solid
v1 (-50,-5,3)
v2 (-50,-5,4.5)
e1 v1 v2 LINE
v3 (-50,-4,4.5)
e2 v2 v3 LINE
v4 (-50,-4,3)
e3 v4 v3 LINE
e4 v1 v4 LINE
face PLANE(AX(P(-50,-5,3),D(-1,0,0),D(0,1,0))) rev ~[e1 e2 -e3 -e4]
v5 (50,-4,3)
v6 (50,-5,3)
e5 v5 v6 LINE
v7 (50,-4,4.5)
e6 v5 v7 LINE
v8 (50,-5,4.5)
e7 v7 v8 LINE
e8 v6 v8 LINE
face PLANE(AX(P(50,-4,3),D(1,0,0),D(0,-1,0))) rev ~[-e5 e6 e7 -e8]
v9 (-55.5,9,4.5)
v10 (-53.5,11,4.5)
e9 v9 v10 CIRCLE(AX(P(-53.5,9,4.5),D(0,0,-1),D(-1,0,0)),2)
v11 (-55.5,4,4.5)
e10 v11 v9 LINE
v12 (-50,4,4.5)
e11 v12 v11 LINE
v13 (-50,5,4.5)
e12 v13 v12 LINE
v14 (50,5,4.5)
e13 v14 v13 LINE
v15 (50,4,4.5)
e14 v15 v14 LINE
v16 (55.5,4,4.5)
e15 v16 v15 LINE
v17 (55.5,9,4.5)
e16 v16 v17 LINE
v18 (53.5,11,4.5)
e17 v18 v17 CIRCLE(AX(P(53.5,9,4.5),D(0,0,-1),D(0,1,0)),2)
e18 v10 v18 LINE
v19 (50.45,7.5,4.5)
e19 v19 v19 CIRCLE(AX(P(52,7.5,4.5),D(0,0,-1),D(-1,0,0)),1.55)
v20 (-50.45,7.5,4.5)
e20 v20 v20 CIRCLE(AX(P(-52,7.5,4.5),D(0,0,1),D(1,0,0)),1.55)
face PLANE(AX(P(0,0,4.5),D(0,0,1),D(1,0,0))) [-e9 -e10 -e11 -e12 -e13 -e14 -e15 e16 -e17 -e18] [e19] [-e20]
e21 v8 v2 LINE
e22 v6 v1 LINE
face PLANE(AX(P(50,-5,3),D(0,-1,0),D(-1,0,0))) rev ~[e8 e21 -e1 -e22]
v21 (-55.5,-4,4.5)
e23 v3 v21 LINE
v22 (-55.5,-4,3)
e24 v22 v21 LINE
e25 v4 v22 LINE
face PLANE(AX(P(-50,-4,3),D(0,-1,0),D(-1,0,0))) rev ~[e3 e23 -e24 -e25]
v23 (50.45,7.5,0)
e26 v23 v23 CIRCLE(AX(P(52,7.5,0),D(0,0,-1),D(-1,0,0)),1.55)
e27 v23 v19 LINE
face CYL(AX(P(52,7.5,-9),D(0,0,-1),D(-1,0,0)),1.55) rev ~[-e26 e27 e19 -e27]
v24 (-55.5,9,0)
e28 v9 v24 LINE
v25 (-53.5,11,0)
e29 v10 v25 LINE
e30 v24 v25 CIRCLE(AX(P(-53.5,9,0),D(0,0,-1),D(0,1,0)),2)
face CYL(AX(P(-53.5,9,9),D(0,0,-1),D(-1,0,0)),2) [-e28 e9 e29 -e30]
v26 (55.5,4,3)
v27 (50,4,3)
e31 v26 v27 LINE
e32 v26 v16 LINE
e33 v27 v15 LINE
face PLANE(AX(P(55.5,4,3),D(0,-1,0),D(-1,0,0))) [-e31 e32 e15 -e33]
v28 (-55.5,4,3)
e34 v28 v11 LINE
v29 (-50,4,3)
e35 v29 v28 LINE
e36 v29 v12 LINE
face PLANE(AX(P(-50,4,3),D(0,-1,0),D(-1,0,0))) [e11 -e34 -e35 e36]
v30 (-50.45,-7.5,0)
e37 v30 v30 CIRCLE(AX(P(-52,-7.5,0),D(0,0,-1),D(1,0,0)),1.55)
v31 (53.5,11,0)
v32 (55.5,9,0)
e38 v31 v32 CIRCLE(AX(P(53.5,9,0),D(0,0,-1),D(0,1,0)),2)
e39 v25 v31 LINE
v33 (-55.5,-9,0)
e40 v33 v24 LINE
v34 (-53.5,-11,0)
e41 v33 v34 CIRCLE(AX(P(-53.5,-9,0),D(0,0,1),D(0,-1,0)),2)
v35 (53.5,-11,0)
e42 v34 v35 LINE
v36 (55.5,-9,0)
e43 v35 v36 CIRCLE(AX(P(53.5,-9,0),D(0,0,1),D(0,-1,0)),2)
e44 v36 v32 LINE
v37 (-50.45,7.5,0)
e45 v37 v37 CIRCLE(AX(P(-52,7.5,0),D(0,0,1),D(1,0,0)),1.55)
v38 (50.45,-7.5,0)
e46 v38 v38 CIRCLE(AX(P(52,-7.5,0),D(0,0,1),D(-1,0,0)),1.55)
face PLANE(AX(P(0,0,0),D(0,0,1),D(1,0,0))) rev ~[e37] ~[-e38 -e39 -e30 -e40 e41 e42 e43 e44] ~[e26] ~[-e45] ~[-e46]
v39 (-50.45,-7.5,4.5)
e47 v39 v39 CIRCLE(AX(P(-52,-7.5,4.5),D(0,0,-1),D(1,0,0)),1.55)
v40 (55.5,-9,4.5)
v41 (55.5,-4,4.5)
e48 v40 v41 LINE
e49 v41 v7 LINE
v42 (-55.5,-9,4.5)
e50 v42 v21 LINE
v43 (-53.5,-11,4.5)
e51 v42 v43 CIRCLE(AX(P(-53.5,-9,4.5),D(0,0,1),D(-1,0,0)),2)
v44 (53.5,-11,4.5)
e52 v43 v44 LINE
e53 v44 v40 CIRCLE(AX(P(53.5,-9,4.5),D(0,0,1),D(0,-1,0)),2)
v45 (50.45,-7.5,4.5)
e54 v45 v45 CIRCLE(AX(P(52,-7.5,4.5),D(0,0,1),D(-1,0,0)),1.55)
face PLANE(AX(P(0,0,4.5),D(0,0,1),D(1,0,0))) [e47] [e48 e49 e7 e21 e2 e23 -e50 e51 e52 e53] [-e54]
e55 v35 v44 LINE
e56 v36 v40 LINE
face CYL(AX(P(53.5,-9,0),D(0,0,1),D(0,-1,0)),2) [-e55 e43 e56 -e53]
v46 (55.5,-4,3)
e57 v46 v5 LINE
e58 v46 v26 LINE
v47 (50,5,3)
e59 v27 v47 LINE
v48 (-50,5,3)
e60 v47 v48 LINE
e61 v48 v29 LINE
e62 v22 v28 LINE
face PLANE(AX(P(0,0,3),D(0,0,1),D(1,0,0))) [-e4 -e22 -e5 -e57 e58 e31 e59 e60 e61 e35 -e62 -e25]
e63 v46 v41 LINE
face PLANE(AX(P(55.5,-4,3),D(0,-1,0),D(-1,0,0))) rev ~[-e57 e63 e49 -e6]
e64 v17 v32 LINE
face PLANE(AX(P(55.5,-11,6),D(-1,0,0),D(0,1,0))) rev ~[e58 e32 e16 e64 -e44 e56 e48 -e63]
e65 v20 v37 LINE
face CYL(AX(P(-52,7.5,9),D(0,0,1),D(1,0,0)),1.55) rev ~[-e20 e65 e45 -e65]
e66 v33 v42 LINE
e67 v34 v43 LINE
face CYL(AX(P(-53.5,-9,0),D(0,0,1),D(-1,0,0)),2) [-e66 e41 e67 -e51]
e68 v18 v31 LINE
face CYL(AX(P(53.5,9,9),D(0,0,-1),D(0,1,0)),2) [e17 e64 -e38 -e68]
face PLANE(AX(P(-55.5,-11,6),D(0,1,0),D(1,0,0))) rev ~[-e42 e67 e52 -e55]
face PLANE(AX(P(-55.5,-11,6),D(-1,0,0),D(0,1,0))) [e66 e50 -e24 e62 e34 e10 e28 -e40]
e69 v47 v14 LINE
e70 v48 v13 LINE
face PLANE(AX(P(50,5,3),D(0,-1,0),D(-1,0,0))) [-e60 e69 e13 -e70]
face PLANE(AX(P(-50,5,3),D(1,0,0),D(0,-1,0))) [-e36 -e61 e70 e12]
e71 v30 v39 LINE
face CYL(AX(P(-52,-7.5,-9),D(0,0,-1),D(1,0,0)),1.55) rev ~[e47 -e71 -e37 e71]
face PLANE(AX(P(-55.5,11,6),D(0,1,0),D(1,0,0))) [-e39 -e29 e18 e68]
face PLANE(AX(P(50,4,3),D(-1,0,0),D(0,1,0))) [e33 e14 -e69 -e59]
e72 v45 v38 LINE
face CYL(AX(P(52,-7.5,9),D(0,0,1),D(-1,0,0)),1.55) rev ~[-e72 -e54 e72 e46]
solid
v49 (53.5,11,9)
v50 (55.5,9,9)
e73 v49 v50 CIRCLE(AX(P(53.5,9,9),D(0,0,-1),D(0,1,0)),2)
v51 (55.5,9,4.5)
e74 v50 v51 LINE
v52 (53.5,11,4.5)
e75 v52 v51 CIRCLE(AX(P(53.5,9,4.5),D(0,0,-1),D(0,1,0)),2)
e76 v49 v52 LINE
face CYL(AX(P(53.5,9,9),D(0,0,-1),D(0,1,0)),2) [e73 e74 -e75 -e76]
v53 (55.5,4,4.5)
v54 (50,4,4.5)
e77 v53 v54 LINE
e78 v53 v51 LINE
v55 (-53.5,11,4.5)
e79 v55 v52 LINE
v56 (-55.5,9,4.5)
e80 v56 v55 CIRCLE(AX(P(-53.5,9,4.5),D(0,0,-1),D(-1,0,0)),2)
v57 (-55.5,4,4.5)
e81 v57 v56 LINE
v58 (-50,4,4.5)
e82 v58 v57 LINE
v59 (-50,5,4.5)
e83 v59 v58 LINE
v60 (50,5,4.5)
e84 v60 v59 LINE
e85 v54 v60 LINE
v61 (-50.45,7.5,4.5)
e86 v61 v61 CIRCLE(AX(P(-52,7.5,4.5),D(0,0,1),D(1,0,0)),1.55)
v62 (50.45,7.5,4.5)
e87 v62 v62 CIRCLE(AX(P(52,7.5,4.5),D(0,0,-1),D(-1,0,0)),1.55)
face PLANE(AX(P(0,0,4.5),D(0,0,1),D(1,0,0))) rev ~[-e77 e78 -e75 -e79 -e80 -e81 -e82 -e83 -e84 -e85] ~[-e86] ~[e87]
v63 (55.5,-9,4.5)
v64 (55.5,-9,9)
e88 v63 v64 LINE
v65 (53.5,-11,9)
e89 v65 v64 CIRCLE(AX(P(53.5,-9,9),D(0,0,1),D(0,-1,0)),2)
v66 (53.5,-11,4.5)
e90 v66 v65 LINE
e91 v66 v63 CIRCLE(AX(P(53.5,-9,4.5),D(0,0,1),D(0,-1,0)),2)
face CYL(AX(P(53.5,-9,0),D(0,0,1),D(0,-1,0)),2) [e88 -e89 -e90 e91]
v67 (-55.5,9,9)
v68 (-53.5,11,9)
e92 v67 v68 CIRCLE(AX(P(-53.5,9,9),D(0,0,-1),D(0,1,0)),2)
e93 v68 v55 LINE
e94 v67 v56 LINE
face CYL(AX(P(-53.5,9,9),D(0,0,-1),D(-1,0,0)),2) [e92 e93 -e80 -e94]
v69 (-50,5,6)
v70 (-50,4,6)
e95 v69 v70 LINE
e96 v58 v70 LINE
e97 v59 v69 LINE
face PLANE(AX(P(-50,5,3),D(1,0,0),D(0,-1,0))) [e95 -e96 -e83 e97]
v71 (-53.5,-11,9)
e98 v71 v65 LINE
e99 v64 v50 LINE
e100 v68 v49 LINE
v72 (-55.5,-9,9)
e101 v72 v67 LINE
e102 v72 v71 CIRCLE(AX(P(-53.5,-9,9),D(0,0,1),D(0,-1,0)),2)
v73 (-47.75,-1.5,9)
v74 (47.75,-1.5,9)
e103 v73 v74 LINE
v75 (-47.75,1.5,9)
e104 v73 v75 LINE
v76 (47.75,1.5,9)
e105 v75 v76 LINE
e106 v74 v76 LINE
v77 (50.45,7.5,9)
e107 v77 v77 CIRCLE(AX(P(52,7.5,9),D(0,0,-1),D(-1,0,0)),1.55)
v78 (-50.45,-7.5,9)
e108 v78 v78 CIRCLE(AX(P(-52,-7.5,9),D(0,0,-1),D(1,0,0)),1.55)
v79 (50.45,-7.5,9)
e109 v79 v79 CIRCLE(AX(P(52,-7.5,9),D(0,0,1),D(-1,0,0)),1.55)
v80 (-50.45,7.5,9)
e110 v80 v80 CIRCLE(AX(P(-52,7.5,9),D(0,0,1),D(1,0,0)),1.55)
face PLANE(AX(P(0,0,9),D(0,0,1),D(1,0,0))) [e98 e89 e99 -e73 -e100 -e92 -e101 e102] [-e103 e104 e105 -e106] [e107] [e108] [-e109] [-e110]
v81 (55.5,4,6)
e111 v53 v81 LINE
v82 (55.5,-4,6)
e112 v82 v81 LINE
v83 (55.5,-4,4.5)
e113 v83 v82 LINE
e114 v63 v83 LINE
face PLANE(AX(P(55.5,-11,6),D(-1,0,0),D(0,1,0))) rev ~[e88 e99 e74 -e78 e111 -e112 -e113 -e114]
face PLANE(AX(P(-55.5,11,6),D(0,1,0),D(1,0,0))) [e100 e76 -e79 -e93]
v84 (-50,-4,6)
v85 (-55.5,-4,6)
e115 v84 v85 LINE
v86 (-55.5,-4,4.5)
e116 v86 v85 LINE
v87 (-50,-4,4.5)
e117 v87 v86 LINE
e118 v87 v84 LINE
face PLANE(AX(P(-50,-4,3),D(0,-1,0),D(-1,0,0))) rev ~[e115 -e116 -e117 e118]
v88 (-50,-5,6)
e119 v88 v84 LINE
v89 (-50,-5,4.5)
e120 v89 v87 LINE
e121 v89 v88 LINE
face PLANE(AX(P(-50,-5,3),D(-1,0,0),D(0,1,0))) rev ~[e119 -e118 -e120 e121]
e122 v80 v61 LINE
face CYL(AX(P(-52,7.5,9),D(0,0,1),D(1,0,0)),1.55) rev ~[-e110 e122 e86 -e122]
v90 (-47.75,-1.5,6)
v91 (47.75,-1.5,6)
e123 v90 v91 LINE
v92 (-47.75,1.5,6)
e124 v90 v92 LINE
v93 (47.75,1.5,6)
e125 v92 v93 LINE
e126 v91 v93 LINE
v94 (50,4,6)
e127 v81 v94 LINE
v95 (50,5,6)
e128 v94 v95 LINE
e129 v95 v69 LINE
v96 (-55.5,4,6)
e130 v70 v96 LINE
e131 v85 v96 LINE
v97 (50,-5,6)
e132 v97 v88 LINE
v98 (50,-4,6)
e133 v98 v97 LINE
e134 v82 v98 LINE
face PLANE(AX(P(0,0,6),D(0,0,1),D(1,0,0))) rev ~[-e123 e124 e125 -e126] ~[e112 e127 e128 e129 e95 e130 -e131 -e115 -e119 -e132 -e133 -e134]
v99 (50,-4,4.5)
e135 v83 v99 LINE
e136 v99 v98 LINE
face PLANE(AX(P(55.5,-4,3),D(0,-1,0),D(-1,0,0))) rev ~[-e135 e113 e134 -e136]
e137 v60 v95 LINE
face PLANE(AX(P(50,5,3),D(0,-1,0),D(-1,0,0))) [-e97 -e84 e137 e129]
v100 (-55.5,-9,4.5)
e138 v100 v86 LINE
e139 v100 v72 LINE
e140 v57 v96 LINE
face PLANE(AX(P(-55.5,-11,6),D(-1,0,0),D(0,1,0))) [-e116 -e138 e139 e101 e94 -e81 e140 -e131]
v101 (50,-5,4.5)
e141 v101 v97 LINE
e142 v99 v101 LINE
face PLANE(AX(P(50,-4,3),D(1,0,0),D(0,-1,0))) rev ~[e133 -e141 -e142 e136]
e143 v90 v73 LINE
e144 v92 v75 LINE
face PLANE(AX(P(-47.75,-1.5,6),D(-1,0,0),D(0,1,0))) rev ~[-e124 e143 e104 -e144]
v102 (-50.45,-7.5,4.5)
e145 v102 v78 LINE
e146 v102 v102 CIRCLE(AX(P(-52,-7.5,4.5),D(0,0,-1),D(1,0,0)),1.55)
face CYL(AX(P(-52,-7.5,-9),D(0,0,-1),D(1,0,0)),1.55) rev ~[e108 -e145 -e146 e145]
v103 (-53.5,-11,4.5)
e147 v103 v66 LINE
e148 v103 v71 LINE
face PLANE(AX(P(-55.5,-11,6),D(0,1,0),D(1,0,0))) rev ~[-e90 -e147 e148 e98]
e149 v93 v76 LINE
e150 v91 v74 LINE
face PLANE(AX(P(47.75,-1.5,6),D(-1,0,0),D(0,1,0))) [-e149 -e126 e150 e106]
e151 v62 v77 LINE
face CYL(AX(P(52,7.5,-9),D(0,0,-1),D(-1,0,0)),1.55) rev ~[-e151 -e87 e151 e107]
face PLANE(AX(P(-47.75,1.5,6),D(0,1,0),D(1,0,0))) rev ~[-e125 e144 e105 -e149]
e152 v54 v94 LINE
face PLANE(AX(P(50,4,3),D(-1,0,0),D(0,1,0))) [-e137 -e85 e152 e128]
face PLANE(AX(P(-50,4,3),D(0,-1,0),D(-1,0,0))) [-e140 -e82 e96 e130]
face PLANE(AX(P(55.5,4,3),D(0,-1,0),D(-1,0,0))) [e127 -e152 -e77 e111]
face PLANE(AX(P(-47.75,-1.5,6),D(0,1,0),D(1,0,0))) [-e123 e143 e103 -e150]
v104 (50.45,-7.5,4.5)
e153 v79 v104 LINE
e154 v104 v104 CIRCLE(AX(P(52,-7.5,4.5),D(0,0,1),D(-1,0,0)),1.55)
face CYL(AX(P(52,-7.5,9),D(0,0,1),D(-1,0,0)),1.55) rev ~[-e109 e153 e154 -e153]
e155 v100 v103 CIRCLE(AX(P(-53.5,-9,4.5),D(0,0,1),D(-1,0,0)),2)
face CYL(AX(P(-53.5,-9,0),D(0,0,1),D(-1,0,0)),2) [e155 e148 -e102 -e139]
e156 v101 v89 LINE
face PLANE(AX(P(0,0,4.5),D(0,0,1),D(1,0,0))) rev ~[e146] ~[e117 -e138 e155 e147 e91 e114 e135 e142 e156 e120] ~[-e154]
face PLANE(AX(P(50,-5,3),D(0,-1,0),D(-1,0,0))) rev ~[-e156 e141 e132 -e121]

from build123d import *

# Parameters (mm, degrees)
BOX_BOTTOM_HALF_0_W     = 113
BOX_BOTTOM_HALF_0_H     = 24
BOX_BOTTOM_HALF_0_DEPTH = 5.5
SKETCH_W                = 111
SKETCH_H                = 22
PAD_DEPTH               = 3
PAD001_DEPTH            = 3
SKETCH002_W             = 111
SKETCH002_H             = 22
SKETCH002_W_2           = 95.5
SKETCH002_H_2           = 3
PAD002_DEPTH            = 3
SKETCH003_R             = 1.55
POCKET_DEPTH            = 236.034037
POLARPATTERN_COUNT      = 2
POLARPATTERN001_COUNT   = 2
POLARPATTERN002_COUNT   = 2
FILLET_R                = 2


with BuildPart() as box_bottom_half_0_body:
    # box_bottom_half_0 → box_bottom_half_0 (new body)
    with BuildSketch(Plane(origin=(-56.5, -12, -1), x_dir=(1, 0, 0), z_dir=(0, 0, 1))):
        with Locations((56.5, 12)):
            Rectangle(BOX_BOTTOM_HALF_0_W, BOX_BOTTOM_HALF_0_H)
    extrude(amount=BOX_BOTTOM_HALF_0_DEPTH)


with BuildPart() as body:
    # Sketch → Pad (new body)
    with BuildSketch(Plane.XY):
        Rectangle(SKETCH_W, SKETCH_H)
    extrude(amount=PAD_DEPTH)

    # Sketch001 (on Face6 of Pad) → Pad001 (join)
    with BuildSketch(Plane.XY.offset(3)):
        Polygon((-55.5, 11), (55.5, 11), (55.5, 4), (50, 4), (50, 5), (-50, 5), (-50, 4), (-55.5, 4), align=None)
        Polygon((-55.5, -11), (55.5, -11), (55.5, -4), (50, -4), (50, -5), (-50, -5), (-50, -4), (-55.5, -4), align=None)
    extrude(amount=PAD001_DEPTH)

    # Sketch002 (on Face12 of Pad001) → Pad002 (join)
    with BuildSketch(Plane.XY.offset(6)):
        Rectangle(SKETCH002_W, SKETCH002_H)
        Rectangle(SKETCH002_W_2, SKETCH002_H_2, mode=Mode.SUBTRACT)
    extrude(amount=PAD002_DEPTH)

    # Sketch003 (on Face26 of Pad002) → Pocket (cut, through all)
    with BuildSketch(Plane.XY.offset(9)):
        with Locations((-52, 7.5)):
            Circle(SKETCH003_R)
    pocket = extrude(amount=-POCKET_DEPTH, mode=Mode.SUBTRACT)

    # PolarPattern: Pocket ×2 about axis
    polarpattern_axis = Axis((0, 0, 0), (0, 1, 0))
    for i in range(1, POLARPATTERN_COUNT):
        add(pocket.rotate(polarpattern_axis, i * 360 / POLARPATTERN_COUNT), mode=Mode.SUBTRACT)

    # PolarPattern001: Pocket ×2 about axis
    polarpattern001_axis = Axis((0, 0, 0), (1, 0, 0))
    for i in range(1, POLARPATTERN001_COUNT):
        add(pocket.rotate(polarpattern001_axis, i * 360 / POLARPATTERN001_COUNT), mode=Mode.SUBTRACT)

    # PolarPattern002: Pocket ×2 about axis
    polarpattern002_axis = Axis((0, 0, 9), (0, 0, 1))
    for i in range(1, POLARPATTERN002_COUNT):
        add(pocket.rotate(polarpattern002_axis, i * 360 / POLARPATTERN002_COUNT), mode=Mode.SUBTRACT)

    # Fillet
    fillet_edges = [body.edges().sort_by_distance(p)[0] for p in [
        (55.5, 11, 7.5),
        (55.5, 11, 4.5),
        (55.5, 11, 1.5),
        (55.5, -11, 7.5),
        (-55.5, 11, 7.5),
        (-55.5, -11, 7.5),
    ]]
    fillet(fillet_edges, radius=FILLET_R)


with BuildPart() as bottom_half_0_body:
    # bottom_half_0 base: copy of Body
    add(body.part)

    # bottom_half_0: intersect box_bottom_half_0 body
    add(box_bottom_half_0_body.part, mode=Mode.INTERSECT)


with BuildPart() as top_half_0_body:
    # top_half_0 base: copy of Body
    add(body.part)

    # top_half_0: cut box_bottom_half_0 body
    add(box_bottom_half_0_body.part, mode=Mode.SUBTRACT)


solid = Compound([bottom_half_0_body.part, top_half_0_body.part])
